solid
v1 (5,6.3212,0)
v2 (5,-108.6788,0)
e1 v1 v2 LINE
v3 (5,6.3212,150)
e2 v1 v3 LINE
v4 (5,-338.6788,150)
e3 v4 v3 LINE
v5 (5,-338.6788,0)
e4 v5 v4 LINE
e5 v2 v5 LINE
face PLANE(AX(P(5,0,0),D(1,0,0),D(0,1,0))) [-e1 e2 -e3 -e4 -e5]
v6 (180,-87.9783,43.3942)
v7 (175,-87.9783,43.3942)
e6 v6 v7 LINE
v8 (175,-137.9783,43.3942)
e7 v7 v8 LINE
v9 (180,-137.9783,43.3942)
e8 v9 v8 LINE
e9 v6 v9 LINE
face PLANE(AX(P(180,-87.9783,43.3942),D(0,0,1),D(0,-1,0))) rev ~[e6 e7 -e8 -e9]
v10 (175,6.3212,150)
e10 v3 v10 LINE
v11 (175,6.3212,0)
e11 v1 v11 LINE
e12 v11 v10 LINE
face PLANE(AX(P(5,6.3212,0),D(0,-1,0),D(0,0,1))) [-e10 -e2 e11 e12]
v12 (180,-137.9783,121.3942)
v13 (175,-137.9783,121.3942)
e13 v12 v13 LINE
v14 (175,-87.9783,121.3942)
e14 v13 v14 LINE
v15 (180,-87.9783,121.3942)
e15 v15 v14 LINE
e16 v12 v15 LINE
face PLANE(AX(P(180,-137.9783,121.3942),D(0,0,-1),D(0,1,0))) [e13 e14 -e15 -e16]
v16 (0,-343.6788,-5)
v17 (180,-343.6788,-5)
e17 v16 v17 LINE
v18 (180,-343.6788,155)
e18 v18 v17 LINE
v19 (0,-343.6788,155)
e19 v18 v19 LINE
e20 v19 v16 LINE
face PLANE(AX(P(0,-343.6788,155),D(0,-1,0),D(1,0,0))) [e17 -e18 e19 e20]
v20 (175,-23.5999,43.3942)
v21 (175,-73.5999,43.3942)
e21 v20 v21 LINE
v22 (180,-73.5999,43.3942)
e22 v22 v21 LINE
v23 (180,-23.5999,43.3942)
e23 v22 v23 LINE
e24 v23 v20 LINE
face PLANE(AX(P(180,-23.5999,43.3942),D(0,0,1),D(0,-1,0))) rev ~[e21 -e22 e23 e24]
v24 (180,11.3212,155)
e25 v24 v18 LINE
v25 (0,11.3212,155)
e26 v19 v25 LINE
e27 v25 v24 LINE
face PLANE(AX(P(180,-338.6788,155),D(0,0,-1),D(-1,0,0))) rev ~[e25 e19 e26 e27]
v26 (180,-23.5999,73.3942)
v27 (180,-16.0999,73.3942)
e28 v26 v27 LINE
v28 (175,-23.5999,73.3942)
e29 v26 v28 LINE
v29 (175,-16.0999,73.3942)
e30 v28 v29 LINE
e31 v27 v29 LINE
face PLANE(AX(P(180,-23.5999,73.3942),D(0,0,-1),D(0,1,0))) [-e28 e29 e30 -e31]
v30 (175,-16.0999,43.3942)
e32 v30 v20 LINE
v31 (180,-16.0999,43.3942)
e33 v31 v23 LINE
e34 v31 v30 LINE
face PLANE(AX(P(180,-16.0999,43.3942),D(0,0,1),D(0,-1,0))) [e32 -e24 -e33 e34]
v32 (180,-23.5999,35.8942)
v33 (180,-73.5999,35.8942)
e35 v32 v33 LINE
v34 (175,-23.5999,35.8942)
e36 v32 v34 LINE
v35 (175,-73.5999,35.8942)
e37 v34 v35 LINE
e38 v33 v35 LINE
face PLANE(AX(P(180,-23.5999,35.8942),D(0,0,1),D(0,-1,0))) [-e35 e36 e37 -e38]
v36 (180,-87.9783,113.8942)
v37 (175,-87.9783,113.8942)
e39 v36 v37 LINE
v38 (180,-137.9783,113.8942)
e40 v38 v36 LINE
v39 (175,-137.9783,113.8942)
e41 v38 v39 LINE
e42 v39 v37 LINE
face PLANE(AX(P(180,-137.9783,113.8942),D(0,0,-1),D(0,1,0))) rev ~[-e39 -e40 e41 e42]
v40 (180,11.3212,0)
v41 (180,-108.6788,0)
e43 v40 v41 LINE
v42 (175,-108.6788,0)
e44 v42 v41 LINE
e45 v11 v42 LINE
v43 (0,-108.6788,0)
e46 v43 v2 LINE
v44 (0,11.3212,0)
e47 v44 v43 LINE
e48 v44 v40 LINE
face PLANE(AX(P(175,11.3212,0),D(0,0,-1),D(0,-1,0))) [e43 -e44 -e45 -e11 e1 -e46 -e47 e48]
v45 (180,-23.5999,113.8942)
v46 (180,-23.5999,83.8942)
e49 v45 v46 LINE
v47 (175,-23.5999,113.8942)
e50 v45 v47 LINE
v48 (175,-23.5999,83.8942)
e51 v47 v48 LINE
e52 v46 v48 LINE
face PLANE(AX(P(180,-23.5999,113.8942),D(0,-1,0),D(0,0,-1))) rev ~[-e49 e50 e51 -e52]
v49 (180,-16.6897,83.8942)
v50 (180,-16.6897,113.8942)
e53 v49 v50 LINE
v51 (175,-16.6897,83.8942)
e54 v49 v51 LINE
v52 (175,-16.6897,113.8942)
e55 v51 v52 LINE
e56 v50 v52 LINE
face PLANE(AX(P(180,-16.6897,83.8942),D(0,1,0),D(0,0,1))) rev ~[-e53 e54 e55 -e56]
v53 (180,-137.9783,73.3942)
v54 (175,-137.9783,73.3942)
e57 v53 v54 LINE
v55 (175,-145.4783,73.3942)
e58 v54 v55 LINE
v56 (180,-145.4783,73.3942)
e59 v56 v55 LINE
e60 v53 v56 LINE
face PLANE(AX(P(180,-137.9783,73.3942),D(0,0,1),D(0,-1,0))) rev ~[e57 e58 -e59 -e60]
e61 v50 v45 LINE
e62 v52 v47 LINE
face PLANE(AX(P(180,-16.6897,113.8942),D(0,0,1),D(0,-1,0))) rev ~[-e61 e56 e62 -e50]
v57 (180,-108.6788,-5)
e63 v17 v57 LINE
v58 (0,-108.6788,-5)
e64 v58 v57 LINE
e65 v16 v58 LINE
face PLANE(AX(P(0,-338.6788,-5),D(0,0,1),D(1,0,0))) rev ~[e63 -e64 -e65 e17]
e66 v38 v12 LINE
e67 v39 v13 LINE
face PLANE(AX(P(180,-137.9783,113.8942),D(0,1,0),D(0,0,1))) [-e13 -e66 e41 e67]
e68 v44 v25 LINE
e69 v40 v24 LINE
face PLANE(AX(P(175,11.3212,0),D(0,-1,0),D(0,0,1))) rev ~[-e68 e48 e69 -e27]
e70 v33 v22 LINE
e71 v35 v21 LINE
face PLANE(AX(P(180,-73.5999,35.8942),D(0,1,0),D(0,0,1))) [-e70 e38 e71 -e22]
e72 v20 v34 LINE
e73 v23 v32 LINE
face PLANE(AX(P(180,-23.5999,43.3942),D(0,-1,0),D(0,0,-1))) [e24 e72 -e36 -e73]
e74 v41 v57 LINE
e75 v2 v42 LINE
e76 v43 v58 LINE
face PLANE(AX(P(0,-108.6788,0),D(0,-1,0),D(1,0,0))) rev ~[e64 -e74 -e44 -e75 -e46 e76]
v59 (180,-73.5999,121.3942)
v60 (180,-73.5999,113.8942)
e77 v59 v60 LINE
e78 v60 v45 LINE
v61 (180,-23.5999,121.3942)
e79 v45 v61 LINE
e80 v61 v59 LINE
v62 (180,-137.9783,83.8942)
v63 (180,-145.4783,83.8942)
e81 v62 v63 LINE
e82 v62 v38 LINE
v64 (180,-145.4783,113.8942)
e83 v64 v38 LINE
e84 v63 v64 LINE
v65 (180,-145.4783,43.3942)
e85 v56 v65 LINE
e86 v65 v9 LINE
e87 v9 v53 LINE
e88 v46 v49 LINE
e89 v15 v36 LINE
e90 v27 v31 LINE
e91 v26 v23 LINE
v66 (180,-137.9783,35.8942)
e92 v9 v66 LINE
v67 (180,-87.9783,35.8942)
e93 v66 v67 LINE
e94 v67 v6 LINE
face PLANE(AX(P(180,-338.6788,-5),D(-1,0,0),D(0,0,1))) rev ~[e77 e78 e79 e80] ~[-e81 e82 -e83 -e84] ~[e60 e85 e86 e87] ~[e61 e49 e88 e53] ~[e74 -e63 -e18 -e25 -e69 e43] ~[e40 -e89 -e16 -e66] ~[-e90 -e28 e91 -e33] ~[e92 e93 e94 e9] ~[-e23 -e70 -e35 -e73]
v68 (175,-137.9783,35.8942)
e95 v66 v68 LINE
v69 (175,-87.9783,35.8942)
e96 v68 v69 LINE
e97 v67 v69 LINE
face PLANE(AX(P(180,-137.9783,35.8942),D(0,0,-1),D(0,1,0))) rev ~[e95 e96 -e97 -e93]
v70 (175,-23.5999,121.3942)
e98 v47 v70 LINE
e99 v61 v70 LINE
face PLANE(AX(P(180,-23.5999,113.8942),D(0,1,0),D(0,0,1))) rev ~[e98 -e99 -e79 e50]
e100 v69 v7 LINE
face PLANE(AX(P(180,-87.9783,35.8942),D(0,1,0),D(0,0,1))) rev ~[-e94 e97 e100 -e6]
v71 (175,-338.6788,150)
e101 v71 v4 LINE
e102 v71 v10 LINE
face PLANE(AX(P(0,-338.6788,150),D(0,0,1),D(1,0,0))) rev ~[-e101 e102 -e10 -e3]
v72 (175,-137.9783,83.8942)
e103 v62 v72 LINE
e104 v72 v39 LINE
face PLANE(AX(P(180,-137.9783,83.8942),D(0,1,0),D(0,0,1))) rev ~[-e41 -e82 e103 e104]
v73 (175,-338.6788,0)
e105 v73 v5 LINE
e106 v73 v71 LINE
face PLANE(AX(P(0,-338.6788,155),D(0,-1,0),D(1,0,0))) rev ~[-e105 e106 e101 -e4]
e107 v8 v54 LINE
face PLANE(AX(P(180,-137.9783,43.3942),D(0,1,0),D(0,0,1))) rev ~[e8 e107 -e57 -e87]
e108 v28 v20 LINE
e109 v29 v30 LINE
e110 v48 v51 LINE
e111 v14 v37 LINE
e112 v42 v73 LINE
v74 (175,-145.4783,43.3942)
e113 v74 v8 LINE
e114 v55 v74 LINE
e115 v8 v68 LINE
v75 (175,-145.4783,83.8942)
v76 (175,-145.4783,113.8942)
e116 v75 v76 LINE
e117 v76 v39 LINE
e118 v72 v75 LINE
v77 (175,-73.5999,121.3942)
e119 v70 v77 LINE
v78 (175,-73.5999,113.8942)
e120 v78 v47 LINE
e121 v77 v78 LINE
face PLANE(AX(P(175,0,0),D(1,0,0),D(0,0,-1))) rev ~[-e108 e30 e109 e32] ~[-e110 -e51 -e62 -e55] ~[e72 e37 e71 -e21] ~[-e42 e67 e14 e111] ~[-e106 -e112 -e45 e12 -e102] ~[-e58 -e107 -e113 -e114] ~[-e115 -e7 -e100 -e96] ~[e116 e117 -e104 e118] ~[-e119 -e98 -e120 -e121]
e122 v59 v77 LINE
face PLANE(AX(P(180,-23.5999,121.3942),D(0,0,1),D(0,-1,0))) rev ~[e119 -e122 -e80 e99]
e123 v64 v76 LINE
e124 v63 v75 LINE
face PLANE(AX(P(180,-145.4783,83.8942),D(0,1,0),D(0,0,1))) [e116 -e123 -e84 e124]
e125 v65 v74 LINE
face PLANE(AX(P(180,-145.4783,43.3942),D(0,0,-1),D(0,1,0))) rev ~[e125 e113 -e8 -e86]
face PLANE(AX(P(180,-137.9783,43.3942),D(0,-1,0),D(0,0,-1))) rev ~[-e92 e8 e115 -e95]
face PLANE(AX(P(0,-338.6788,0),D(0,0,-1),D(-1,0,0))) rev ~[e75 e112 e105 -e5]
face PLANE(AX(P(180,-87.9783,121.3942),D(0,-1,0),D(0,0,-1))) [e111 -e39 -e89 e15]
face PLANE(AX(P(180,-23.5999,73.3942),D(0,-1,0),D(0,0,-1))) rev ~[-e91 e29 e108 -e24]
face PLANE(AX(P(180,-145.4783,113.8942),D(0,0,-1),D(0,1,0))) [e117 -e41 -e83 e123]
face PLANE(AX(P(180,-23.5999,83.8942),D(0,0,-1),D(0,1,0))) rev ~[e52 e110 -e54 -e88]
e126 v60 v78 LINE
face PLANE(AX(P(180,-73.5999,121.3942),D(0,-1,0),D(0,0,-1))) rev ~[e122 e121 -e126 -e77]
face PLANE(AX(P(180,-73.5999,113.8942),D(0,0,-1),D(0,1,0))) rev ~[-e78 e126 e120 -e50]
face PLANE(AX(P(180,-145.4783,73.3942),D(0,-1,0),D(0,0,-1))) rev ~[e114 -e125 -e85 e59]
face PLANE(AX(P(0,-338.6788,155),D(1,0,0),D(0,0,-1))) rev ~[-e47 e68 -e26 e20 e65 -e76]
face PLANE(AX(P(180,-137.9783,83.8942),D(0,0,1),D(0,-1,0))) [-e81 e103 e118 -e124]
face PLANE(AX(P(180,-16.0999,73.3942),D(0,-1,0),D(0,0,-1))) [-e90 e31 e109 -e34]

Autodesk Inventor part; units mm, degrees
ref_plane "YZ Plane" through (0, 0, 0) normal (1, 0, 0) x (0, 1, 0)
ref_plane "XZ Plane" through (0, 0, 0) normal (0, 1, 0) x (-1, 0, 0)
ref_plane "XY Plane" through (0, 0, 0) normal (0, 0, 1) x (1, 0, 0)
sketch "Sketch1" plane through (0, 0, 0) normal (1, 0, 0) x (0, 1, 0)
  line L0 (11.3212, 0) -> (-338.6788, 0)
  line L1 (-338.6788, 0) -> (-338.6788, 150)
  line L2 (-338.6788, 150) -> (11.3212, 150)
  line L3 (11.3212, 150) -> (11.3212, 0)
  point P0 (0, 0)
  dimension "d0" = 350
  dimension "d1" = 150
extrude "Extrusion1" add sketch "Sketch1" along normal blind 5
sketch "Sketch2" plane through (5, 0, 0) normal (1, 0, 0) x (0, 0, -1)
  line L0 (-150, 11.3212) -> (-150, -338.6788) projected
  line L1 (0, -338.6788) -> (0, 11.3212) projected
  line L2 (-150, 11.3212) -> (0, 11.3212)
  line L3 (0, 11.3212) -> (0, 6.3212)
  line L4 (0, 6.3212) -> (-150, 6.3212)
  line L5 (-150, 6.3212) -> (-150, 11.3212)
  point P0 (0, 0)
  point P1 (0, 11.3212)
  dimension "d4" = 5
extrude "Extrusion2" add sketch "Sketch2" along normal blind 170
sketch "Sketch3" plane through (0, -338.6788, 150) normal (0, 0, 1) x (1, 0, 0)
  point P0 (0, 338.6788)
sketch "Sketch4" plane through (0, -338.6788, 150) normal (0, 0, 1) x (1, 0, 0)
  line L0 (0, 350) -> (0, 0) projected
  line L1 (0, 350) -> (175.2508, 350)
  line L2 (175.2508, 350) -> (175.2508, 0)
  line L3 (175.2508, 0) -> (0, 0)
  line L4 (0, 0) -> (0, 350)
  point P0 (0, 338.6788)
extrude "Extrusion3" add sketch "Sketch4" along normal blind 5
sketch "Sketch5" plane through (175, 0, 0) normal (1, 0, 0) x (0, 0, -1)
  line L0 (0, 11.3212) -> (-155, 11.3212) projected
  line L1 (-155, 11.3212) -> (0, 11.3212)
  line L2 (0, 11.3212) -> (0, -338.6788)
  line L3 (0, -338.6788) -> (-155, -338.6788)
  line L4 (-155, -338.6788) -> (-155, 11.3212)
  point P0 (0, 0)
extrude "Extrusion4" add sketch "Sketch5" along normal blind 5
sketch "Sketch6" plane through (0, -338.6788, 0) normal (0, 0, -1) x (-1, 0, 0)
  line L0 (-180, 0) -> (-180, 350) projected
  line L1 (-180, 0) -> (0, 0)
  line L2 (0, 0) -> (0, 230)
  line L3 (0, 230) -> (-180, 230)
  line L4 (-180, 230) -> (-180, 0)
  point P0 (0, 338.6788)
  point P1 (-180, 230)
  dimension "d34" = 230
extrude "Extrusion5" add sketch "Sketch6" along normal blind 5
sketch "Sketch7" plane through (0, -338.6788, 155) normal (0, -1, 0) x (1, 0, 0)
  line L0 (180, -155) -> (180, 0) projected
  line L1 (0, -160) -> (180, -160) projected
  line L2 (180, 0) -> (0, 0)
  line L3 (0, 0) -> (0, -160)
  line L4 (0, -160) -> (180, -160)
  line L5 (180, -160) -> (180, 0)
  point P0 (0, -155)
extrude "Extrusion6" add sketch "Sketch7" along normal blind 5
sketch "Sketch8" plane through (180, 0, 0) normal (1, 0, 0) x (0, 0, -1)
  point P0 (0, 0)
sketch "Sketch9" plane through (180, 0, 0) normal (1, 0, 0) x (0, 0, -1)
  line L0 (-113.8942, -23.5999) -> (-43.3942, -23.5999)
  line L1 (-43.3942, -23.5999) -> (-43.3942, -137.9783)
  line L2 (-43.3942, -137.9783) -> (-113.8942, -137.9783)
  line L3 (-113.8942, -137.9783) -> (-113.8942, -23.5999)
  line L4 (-43.3942, -73.5999) -> (-43.3942, -23.5999)
  line L5 (-43.3942, -137.9783) -> (-35.8942, -137.9783)
  line L6 (-35.8942, -137.9783) -> (-35.8942, -87.9783)
  line L7 (-35.8942, -87.9783) -> (-43.3942, -87.9783)
  line L8 (-43.3942, -87.9783) -> (-43.3942, -137.9783)
  line L9 (-43.3942, -65.8129) -> (-43.3942, -23.5999)
  line L10 (-113.8942, -23.5999) -> (-121.3942, -23.5999)
  line L11 (-121.3942, -23.5999) -> (-121.3942, -73.5999)
  line L12 (-121.3942, -73.5999) -> (-113.8942, -73.5999)
  line L13 (-113.8942, -73.5999) -> (-113.8942, -23.5999)
  line L14 (-113.8942, -137.9783) -> (-121.3942, -137.9783)
  line L15 (-121.3942, -137.9783) -> (-121.3942, -87.9783)
  line L16 (-121.3942, -87.9783) -> (-113.8942, -87.9783)
  line L17 (-113.8942, -87.9783) -> (-113.8942, -137.9783)
  line L18 (-113.8942, -137.9783) -> (-83.8942, -137.9783)
  line L19 (-83.8942, -137.9783) -> (-83.8942, -145.4783)
  line L20 (-83.8942, -145.4783) -> (-113.8942, -145.4783)
  line L21 (-113.8942, -145.4783) -> (-113.8942, -137.9783)
  line L22 (-43.3942, -137.9783) -> (-73.3942, -137.9783)
  line L23 (-73.3942, -137.9783) -> (-73.3942, -145.4783)
  line L24 (-73.3942, -145.4783) -> (-43.3942, -145.4783)
  line L25 (-43.3942, -145.4783) -> (-43.3942, -137.9783)
  line L26 (-43.3942, -23.5999) -> (-35.8942, -23.5999)
  line L27 (-35.8942, -23.5999) -> (-35.8942, -73.5999)
  line L28 (-35.8942, -73.5999) -> (-43.3942, -73.5999)
  line L29 (-43.3942, -73.5999) -> (-43.3942, -23.5999)
  line L30 (-113.8942, -23.5999) -> (-83.8942, -23.5999)
  line L31 (-83.8942, -23.5999) -> (-83.8942, -16.6897)
  line L32 (-83.8942, -16.6897) -> (-113.8942, -16.6897)
  line L33 (-113.8942, -16.6897) -> (-113.8942, -23.5999)
  line L34 (-73.3942, -16.0999) -> (-43.3942, -16.0999)
  line L35 (-43.3942, -16.0999) -> (-43.3942, -23.5999)
  line L36 (-43.3942, -23.5999) -> (-73.3942, -23.5999)
  line L37 (-73.3942, -23.5999) -> (-73.3942, -16.0999)
  point P0 (0, 0)
  dimension "d18" = 7.5
  dimension "d19" = 7.5
  dimension "d20" = 30
  dimension "d21" = 30
  dimension "d22" = 7.5
  dimension "d23" = 50
  dimension "d24" = 50
  dimension "d25" = 50
  dimension "d26" = 50
  dimension "d27" = 7.5
  dimension "d28" = 7.5
  dimension "d29" = 30
  dimension "d30" = 30
  dimension "d31" = 7.5
extrude "Extrusion7" cut sketch "Sketch9" against normal blind 5 contours L33 L32 L31 L0 | L3 L12 L11 L10 | L37 L34 L35 L0 | L3 L14 L15 L16 | L26 L27 L28 L1 | L2 L19 L20 L21 | L2 L25 L24 L23 | L7 L6 L5 L1
sketch "Sketch10" plane through (180, 0, 0) normal (1, 0, 0) x (0, 0, -1)
  point P0 (0, 0)
properties part number "button unit" material "Pine, Southern"
